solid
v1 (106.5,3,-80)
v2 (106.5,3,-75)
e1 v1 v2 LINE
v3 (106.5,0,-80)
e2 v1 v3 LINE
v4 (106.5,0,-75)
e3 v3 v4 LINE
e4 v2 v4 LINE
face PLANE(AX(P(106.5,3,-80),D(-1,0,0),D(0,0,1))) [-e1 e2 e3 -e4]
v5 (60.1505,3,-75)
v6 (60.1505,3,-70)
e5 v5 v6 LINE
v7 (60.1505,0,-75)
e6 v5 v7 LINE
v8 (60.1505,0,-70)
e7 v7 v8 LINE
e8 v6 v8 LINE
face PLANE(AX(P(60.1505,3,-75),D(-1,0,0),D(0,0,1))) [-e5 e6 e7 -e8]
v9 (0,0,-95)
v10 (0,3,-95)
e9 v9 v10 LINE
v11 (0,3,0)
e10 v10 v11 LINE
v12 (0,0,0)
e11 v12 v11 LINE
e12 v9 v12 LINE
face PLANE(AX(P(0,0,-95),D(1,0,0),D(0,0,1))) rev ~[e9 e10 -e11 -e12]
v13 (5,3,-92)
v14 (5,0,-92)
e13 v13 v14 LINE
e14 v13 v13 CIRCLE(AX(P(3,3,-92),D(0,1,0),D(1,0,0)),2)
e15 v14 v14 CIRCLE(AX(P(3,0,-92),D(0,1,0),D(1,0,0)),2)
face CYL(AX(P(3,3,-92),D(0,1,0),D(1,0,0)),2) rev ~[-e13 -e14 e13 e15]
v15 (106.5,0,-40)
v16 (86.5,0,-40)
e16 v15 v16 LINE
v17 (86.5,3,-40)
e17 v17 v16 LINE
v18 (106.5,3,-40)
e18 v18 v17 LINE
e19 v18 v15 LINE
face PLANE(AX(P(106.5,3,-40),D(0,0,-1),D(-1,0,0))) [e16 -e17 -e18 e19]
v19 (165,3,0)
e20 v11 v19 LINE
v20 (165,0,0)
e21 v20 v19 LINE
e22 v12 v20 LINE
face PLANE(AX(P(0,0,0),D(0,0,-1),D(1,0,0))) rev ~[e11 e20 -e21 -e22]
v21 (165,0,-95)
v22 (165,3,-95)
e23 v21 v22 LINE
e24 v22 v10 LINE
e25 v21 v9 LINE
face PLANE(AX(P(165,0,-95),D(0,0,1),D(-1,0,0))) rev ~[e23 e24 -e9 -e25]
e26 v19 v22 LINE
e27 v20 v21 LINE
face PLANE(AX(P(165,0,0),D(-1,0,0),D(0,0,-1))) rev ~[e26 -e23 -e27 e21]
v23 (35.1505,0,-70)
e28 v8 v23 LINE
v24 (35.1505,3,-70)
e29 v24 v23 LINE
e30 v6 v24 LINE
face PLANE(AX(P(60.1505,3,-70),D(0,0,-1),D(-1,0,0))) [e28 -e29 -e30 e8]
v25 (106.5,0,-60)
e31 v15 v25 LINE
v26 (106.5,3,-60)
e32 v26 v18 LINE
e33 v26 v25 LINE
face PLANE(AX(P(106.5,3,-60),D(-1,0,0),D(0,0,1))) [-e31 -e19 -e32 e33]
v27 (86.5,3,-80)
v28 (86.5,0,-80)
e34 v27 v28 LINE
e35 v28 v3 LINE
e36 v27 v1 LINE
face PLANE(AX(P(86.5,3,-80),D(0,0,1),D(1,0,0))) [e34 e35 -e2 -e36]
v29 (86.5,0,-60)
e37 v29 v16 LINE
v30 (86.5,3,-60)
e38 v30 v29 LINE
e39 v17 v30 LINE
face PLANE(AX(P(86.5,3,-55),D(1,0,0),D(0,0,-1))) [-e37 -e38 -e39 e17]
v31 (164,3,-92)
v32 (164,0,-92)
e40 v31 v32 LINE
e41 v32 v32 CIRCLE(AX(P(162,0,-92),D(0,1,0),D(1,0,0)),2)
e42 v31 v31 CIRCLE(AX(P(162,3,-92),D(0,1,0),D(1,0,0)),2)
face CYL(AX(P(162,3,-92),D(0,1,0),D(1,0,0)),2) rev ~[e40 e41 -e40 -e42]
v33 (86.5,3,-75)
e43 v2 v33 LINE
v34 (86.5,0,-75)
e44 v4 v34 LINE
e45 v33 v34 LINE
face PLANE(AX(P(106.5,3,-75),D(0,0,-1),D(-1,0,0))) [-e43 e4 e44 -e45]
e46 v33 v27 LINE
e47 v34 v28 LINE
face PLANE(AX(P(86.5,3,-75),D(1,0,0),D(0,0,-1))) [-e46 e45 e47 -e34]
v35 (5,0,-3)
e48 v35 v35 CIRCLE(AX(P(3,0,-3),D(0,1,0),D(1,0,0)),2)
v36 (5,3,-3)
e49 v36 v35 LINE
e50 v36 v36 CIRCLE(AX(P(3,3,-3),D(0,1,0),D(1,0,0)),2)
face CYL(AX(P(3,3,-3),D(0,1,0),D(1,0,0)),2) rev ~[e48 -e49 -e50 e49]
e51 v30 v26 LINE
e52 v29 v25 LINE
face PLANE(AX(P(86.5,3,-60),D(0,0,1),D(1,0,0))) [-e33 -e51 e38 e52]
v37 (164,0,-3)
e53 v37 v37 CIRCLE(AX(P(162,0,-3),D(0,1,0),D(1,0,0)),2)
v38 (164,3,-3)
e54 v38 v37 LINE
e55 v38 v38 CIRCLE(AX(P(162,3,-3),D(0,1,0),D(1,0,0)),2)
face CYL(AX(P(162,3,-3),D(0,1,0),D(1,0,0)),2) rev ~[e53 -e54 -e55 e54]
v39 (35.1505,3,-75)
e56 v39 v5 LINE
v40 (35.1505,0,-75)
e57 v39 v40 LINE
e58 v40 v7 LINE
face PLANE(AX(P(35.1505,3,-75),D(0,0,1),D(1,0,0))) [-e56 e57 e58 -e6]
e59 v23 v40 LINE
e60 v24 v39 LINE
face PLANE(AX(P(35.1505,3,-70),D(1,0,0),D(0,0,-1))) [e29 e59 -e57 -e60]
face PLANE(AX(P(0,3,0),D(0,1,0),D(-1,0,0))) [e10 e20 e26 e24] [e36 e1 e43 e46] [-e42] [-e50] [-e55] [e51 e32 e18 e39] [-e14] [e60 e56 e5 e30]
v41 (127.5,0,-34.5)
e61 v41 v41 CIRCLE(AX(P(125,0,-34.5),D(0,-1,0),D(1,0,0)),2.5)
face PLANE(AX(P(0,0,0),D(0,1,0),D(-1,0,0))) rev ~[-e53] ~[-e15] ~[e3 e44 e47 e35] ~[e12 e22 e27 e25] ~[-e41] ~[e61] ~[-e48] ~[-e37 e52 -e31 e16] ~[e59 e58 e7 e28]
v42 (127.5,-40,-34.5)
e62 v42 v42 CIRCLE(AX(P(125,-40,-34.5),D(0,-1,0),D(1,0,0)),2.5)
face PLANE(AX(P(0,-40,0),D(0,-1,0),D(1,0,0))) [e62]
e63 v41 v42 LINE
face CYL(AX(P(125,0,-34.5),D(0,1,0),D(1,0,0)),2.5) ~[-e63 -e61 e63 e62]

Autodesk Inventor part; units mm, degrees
ref_plane "YZ Plane" through (0, 0, 0) normal (1, 0, 0) x (0, 1, 0)
ref_plane "XZ Plane" through (0, 0, 0) normal (0, 1, 0) x (-1, 0, 0)
ref_plane "XY Plane" through (0, 0, 0) normal (0, 0, 1) x (1, 0, 0)
sketch "草圖1" plane through (0, 0, 0) normal (0, 1, 0) x (-1, 0, 0)
  line L0 (0, 0) -> (-165, 0)
  line L1 (-165, 0) -> (-165, -95)
  line L2 (-165, -95) -> (0, -95)
  line L3 (0, -95) -> (0, 0)
  dimension "d0" = 165
  dimension "d1" = 95
extrude "擠出1" add sketch "草圖1" along normal blind 3
sketch "草圖2" plane through (0, 3, 0) normal (0, 1, 0) x (1, 0, 0)
  line L0 (30, 75) -> (65, 75)
  line L1 (65, 75) -> (65, 20)
  line L2 (65, 20) -> (30, 20)
  line L3 (30, 20) -> (30, 75)
  line L4 (0, 95) -> (0, 0) projected
  line L5 (165, 95) -> (0, 95) projected
  line L6 (35.1505, 75) -> (60.1505, 75)
  line L7 (60.1505, 75) -> (60.1505, 70)
  line L8 (60.1505, 70) -> (35.1505, 70)
  line L9 (35.1505, 70) -> (35.1505, 75)
  dimension "d4" = 55
  dimension "d5" = 35
  dimension "d6" = 30
  dimension "d7" = 20
  dimension "d8" = 25
  dimension "d9" = 5
  dimension "d10" = 0
extrude "擠出2" cut sketch "草圖2" against normal blind 3 contours L0 L7 L8 L9
sketch "草圖3" plane through (0, 3, 0) normal (0, 1, 0) x (1, 0, 0)
  line L0 (86.5, 60) -> (106.5, 60)
  line L1 (106.5, 60) -> (106.5, 40)
  line L2 (106.5, 40) -> (86.5, 40)
  line L3 (86.5, 40) -> (86.5, 60)
  line L4 (85, 55) -> (108, 55)
  line L5 (108, 55) -> (108, 10)
  line L6 (108, 10) -> (85, 10)
  line L7 (85, 10) -> (85, 55)
  line L8 (165, 0) -> (165, 95) projected
  line L9 (0, 0) -> (165, 0) projected
  dimension "d13" = 20
  dimension "d14" = 20
  dimension "d15" = 23
  dimension "d16" = 45
  dimension "d17" = 80
  dimension "d18" = 1.5
  dimension "d19" = 30
  dimension "d20" = 10
extrude "擠出3" cut sketch "草圖3" against normal blind 3 contours L0 L1 L4 L3 | L4 L1 L2 L3
sketch "草圖4" plane through (0, 3, 0) normal (0, 1, 0) x (1, 0, 0)
  line L0 (86.5, 80) -> (106.5, 80)
  line L1 (106.5, 80) -> (106.5, 75)
  line L2 (106.5, 75) -> (86.5, 75)
  line L3 (86.5, 75) -> (86.5, 80)
  line L4 (86.5, 40) -> (86.5, 60) projected
  line L5 (106.5, 60) -> (106.5, 40) projected
  line L6 (86.5, 60) -> (106.5, 60) projected
  point P0 (0, 0)
  dimension "d23" = 0
  dimension "d24" = 0
  dimension "d25" = 5
  dimension "d26" = 15
extrude "擠出4" cut sketch "草圖4" against normal blind 3
sketch "草圖5" plane through (0, 3, 0) normal (0, 1, 0) x (1, 0, 0)
  circle A0 centre (3, 3) radius 2
  line L0 (0, 95) -> (0, 0) projected
  line L1 (0, 0) -> (165, 0) projected
  circle A1 centre (3, 92) radius 2
  line L2 (165, 95) -> (0, 95) projected
  circle A2 centre (162, 92) radius 2
  line L3 (165, 0) -> (165, 95) projected
  circle A3 centre (162, 3) radius 2
  dimension "d29" = 4
  dimension "d30" = 3
  dimension "d31" = 3
  dimension "d32" = 4
  dimension "d33" = 3
  dimension "d34" = 3
  dimension "d35" = 4
  dimension "d36" = 3
  dimension "d37" = 3
  dimension "d38" = 4
  dimension "d39" = 3
  dimension "d40" = 3
extrude "擠出5" cut sketch "草圖5" against normal blind 5 contours A0 | A1 | A2 | A3
sketch "草圖6" plane through (0, 0, 0) normal (0, -1, 0) x (1, 0, 0)
  circle A0 centre (125, -34.5) radius 2.5
  line L0 (165, 0) -> (165, -95) projected
  line L1 (0, 0) -> (165, 0) projected
  dimension "d43" = 5
  dimension "d44" = 40
  dimension "d45" = 32
extrude "擠出6" add sketch "草圖6" along normal blind 40
